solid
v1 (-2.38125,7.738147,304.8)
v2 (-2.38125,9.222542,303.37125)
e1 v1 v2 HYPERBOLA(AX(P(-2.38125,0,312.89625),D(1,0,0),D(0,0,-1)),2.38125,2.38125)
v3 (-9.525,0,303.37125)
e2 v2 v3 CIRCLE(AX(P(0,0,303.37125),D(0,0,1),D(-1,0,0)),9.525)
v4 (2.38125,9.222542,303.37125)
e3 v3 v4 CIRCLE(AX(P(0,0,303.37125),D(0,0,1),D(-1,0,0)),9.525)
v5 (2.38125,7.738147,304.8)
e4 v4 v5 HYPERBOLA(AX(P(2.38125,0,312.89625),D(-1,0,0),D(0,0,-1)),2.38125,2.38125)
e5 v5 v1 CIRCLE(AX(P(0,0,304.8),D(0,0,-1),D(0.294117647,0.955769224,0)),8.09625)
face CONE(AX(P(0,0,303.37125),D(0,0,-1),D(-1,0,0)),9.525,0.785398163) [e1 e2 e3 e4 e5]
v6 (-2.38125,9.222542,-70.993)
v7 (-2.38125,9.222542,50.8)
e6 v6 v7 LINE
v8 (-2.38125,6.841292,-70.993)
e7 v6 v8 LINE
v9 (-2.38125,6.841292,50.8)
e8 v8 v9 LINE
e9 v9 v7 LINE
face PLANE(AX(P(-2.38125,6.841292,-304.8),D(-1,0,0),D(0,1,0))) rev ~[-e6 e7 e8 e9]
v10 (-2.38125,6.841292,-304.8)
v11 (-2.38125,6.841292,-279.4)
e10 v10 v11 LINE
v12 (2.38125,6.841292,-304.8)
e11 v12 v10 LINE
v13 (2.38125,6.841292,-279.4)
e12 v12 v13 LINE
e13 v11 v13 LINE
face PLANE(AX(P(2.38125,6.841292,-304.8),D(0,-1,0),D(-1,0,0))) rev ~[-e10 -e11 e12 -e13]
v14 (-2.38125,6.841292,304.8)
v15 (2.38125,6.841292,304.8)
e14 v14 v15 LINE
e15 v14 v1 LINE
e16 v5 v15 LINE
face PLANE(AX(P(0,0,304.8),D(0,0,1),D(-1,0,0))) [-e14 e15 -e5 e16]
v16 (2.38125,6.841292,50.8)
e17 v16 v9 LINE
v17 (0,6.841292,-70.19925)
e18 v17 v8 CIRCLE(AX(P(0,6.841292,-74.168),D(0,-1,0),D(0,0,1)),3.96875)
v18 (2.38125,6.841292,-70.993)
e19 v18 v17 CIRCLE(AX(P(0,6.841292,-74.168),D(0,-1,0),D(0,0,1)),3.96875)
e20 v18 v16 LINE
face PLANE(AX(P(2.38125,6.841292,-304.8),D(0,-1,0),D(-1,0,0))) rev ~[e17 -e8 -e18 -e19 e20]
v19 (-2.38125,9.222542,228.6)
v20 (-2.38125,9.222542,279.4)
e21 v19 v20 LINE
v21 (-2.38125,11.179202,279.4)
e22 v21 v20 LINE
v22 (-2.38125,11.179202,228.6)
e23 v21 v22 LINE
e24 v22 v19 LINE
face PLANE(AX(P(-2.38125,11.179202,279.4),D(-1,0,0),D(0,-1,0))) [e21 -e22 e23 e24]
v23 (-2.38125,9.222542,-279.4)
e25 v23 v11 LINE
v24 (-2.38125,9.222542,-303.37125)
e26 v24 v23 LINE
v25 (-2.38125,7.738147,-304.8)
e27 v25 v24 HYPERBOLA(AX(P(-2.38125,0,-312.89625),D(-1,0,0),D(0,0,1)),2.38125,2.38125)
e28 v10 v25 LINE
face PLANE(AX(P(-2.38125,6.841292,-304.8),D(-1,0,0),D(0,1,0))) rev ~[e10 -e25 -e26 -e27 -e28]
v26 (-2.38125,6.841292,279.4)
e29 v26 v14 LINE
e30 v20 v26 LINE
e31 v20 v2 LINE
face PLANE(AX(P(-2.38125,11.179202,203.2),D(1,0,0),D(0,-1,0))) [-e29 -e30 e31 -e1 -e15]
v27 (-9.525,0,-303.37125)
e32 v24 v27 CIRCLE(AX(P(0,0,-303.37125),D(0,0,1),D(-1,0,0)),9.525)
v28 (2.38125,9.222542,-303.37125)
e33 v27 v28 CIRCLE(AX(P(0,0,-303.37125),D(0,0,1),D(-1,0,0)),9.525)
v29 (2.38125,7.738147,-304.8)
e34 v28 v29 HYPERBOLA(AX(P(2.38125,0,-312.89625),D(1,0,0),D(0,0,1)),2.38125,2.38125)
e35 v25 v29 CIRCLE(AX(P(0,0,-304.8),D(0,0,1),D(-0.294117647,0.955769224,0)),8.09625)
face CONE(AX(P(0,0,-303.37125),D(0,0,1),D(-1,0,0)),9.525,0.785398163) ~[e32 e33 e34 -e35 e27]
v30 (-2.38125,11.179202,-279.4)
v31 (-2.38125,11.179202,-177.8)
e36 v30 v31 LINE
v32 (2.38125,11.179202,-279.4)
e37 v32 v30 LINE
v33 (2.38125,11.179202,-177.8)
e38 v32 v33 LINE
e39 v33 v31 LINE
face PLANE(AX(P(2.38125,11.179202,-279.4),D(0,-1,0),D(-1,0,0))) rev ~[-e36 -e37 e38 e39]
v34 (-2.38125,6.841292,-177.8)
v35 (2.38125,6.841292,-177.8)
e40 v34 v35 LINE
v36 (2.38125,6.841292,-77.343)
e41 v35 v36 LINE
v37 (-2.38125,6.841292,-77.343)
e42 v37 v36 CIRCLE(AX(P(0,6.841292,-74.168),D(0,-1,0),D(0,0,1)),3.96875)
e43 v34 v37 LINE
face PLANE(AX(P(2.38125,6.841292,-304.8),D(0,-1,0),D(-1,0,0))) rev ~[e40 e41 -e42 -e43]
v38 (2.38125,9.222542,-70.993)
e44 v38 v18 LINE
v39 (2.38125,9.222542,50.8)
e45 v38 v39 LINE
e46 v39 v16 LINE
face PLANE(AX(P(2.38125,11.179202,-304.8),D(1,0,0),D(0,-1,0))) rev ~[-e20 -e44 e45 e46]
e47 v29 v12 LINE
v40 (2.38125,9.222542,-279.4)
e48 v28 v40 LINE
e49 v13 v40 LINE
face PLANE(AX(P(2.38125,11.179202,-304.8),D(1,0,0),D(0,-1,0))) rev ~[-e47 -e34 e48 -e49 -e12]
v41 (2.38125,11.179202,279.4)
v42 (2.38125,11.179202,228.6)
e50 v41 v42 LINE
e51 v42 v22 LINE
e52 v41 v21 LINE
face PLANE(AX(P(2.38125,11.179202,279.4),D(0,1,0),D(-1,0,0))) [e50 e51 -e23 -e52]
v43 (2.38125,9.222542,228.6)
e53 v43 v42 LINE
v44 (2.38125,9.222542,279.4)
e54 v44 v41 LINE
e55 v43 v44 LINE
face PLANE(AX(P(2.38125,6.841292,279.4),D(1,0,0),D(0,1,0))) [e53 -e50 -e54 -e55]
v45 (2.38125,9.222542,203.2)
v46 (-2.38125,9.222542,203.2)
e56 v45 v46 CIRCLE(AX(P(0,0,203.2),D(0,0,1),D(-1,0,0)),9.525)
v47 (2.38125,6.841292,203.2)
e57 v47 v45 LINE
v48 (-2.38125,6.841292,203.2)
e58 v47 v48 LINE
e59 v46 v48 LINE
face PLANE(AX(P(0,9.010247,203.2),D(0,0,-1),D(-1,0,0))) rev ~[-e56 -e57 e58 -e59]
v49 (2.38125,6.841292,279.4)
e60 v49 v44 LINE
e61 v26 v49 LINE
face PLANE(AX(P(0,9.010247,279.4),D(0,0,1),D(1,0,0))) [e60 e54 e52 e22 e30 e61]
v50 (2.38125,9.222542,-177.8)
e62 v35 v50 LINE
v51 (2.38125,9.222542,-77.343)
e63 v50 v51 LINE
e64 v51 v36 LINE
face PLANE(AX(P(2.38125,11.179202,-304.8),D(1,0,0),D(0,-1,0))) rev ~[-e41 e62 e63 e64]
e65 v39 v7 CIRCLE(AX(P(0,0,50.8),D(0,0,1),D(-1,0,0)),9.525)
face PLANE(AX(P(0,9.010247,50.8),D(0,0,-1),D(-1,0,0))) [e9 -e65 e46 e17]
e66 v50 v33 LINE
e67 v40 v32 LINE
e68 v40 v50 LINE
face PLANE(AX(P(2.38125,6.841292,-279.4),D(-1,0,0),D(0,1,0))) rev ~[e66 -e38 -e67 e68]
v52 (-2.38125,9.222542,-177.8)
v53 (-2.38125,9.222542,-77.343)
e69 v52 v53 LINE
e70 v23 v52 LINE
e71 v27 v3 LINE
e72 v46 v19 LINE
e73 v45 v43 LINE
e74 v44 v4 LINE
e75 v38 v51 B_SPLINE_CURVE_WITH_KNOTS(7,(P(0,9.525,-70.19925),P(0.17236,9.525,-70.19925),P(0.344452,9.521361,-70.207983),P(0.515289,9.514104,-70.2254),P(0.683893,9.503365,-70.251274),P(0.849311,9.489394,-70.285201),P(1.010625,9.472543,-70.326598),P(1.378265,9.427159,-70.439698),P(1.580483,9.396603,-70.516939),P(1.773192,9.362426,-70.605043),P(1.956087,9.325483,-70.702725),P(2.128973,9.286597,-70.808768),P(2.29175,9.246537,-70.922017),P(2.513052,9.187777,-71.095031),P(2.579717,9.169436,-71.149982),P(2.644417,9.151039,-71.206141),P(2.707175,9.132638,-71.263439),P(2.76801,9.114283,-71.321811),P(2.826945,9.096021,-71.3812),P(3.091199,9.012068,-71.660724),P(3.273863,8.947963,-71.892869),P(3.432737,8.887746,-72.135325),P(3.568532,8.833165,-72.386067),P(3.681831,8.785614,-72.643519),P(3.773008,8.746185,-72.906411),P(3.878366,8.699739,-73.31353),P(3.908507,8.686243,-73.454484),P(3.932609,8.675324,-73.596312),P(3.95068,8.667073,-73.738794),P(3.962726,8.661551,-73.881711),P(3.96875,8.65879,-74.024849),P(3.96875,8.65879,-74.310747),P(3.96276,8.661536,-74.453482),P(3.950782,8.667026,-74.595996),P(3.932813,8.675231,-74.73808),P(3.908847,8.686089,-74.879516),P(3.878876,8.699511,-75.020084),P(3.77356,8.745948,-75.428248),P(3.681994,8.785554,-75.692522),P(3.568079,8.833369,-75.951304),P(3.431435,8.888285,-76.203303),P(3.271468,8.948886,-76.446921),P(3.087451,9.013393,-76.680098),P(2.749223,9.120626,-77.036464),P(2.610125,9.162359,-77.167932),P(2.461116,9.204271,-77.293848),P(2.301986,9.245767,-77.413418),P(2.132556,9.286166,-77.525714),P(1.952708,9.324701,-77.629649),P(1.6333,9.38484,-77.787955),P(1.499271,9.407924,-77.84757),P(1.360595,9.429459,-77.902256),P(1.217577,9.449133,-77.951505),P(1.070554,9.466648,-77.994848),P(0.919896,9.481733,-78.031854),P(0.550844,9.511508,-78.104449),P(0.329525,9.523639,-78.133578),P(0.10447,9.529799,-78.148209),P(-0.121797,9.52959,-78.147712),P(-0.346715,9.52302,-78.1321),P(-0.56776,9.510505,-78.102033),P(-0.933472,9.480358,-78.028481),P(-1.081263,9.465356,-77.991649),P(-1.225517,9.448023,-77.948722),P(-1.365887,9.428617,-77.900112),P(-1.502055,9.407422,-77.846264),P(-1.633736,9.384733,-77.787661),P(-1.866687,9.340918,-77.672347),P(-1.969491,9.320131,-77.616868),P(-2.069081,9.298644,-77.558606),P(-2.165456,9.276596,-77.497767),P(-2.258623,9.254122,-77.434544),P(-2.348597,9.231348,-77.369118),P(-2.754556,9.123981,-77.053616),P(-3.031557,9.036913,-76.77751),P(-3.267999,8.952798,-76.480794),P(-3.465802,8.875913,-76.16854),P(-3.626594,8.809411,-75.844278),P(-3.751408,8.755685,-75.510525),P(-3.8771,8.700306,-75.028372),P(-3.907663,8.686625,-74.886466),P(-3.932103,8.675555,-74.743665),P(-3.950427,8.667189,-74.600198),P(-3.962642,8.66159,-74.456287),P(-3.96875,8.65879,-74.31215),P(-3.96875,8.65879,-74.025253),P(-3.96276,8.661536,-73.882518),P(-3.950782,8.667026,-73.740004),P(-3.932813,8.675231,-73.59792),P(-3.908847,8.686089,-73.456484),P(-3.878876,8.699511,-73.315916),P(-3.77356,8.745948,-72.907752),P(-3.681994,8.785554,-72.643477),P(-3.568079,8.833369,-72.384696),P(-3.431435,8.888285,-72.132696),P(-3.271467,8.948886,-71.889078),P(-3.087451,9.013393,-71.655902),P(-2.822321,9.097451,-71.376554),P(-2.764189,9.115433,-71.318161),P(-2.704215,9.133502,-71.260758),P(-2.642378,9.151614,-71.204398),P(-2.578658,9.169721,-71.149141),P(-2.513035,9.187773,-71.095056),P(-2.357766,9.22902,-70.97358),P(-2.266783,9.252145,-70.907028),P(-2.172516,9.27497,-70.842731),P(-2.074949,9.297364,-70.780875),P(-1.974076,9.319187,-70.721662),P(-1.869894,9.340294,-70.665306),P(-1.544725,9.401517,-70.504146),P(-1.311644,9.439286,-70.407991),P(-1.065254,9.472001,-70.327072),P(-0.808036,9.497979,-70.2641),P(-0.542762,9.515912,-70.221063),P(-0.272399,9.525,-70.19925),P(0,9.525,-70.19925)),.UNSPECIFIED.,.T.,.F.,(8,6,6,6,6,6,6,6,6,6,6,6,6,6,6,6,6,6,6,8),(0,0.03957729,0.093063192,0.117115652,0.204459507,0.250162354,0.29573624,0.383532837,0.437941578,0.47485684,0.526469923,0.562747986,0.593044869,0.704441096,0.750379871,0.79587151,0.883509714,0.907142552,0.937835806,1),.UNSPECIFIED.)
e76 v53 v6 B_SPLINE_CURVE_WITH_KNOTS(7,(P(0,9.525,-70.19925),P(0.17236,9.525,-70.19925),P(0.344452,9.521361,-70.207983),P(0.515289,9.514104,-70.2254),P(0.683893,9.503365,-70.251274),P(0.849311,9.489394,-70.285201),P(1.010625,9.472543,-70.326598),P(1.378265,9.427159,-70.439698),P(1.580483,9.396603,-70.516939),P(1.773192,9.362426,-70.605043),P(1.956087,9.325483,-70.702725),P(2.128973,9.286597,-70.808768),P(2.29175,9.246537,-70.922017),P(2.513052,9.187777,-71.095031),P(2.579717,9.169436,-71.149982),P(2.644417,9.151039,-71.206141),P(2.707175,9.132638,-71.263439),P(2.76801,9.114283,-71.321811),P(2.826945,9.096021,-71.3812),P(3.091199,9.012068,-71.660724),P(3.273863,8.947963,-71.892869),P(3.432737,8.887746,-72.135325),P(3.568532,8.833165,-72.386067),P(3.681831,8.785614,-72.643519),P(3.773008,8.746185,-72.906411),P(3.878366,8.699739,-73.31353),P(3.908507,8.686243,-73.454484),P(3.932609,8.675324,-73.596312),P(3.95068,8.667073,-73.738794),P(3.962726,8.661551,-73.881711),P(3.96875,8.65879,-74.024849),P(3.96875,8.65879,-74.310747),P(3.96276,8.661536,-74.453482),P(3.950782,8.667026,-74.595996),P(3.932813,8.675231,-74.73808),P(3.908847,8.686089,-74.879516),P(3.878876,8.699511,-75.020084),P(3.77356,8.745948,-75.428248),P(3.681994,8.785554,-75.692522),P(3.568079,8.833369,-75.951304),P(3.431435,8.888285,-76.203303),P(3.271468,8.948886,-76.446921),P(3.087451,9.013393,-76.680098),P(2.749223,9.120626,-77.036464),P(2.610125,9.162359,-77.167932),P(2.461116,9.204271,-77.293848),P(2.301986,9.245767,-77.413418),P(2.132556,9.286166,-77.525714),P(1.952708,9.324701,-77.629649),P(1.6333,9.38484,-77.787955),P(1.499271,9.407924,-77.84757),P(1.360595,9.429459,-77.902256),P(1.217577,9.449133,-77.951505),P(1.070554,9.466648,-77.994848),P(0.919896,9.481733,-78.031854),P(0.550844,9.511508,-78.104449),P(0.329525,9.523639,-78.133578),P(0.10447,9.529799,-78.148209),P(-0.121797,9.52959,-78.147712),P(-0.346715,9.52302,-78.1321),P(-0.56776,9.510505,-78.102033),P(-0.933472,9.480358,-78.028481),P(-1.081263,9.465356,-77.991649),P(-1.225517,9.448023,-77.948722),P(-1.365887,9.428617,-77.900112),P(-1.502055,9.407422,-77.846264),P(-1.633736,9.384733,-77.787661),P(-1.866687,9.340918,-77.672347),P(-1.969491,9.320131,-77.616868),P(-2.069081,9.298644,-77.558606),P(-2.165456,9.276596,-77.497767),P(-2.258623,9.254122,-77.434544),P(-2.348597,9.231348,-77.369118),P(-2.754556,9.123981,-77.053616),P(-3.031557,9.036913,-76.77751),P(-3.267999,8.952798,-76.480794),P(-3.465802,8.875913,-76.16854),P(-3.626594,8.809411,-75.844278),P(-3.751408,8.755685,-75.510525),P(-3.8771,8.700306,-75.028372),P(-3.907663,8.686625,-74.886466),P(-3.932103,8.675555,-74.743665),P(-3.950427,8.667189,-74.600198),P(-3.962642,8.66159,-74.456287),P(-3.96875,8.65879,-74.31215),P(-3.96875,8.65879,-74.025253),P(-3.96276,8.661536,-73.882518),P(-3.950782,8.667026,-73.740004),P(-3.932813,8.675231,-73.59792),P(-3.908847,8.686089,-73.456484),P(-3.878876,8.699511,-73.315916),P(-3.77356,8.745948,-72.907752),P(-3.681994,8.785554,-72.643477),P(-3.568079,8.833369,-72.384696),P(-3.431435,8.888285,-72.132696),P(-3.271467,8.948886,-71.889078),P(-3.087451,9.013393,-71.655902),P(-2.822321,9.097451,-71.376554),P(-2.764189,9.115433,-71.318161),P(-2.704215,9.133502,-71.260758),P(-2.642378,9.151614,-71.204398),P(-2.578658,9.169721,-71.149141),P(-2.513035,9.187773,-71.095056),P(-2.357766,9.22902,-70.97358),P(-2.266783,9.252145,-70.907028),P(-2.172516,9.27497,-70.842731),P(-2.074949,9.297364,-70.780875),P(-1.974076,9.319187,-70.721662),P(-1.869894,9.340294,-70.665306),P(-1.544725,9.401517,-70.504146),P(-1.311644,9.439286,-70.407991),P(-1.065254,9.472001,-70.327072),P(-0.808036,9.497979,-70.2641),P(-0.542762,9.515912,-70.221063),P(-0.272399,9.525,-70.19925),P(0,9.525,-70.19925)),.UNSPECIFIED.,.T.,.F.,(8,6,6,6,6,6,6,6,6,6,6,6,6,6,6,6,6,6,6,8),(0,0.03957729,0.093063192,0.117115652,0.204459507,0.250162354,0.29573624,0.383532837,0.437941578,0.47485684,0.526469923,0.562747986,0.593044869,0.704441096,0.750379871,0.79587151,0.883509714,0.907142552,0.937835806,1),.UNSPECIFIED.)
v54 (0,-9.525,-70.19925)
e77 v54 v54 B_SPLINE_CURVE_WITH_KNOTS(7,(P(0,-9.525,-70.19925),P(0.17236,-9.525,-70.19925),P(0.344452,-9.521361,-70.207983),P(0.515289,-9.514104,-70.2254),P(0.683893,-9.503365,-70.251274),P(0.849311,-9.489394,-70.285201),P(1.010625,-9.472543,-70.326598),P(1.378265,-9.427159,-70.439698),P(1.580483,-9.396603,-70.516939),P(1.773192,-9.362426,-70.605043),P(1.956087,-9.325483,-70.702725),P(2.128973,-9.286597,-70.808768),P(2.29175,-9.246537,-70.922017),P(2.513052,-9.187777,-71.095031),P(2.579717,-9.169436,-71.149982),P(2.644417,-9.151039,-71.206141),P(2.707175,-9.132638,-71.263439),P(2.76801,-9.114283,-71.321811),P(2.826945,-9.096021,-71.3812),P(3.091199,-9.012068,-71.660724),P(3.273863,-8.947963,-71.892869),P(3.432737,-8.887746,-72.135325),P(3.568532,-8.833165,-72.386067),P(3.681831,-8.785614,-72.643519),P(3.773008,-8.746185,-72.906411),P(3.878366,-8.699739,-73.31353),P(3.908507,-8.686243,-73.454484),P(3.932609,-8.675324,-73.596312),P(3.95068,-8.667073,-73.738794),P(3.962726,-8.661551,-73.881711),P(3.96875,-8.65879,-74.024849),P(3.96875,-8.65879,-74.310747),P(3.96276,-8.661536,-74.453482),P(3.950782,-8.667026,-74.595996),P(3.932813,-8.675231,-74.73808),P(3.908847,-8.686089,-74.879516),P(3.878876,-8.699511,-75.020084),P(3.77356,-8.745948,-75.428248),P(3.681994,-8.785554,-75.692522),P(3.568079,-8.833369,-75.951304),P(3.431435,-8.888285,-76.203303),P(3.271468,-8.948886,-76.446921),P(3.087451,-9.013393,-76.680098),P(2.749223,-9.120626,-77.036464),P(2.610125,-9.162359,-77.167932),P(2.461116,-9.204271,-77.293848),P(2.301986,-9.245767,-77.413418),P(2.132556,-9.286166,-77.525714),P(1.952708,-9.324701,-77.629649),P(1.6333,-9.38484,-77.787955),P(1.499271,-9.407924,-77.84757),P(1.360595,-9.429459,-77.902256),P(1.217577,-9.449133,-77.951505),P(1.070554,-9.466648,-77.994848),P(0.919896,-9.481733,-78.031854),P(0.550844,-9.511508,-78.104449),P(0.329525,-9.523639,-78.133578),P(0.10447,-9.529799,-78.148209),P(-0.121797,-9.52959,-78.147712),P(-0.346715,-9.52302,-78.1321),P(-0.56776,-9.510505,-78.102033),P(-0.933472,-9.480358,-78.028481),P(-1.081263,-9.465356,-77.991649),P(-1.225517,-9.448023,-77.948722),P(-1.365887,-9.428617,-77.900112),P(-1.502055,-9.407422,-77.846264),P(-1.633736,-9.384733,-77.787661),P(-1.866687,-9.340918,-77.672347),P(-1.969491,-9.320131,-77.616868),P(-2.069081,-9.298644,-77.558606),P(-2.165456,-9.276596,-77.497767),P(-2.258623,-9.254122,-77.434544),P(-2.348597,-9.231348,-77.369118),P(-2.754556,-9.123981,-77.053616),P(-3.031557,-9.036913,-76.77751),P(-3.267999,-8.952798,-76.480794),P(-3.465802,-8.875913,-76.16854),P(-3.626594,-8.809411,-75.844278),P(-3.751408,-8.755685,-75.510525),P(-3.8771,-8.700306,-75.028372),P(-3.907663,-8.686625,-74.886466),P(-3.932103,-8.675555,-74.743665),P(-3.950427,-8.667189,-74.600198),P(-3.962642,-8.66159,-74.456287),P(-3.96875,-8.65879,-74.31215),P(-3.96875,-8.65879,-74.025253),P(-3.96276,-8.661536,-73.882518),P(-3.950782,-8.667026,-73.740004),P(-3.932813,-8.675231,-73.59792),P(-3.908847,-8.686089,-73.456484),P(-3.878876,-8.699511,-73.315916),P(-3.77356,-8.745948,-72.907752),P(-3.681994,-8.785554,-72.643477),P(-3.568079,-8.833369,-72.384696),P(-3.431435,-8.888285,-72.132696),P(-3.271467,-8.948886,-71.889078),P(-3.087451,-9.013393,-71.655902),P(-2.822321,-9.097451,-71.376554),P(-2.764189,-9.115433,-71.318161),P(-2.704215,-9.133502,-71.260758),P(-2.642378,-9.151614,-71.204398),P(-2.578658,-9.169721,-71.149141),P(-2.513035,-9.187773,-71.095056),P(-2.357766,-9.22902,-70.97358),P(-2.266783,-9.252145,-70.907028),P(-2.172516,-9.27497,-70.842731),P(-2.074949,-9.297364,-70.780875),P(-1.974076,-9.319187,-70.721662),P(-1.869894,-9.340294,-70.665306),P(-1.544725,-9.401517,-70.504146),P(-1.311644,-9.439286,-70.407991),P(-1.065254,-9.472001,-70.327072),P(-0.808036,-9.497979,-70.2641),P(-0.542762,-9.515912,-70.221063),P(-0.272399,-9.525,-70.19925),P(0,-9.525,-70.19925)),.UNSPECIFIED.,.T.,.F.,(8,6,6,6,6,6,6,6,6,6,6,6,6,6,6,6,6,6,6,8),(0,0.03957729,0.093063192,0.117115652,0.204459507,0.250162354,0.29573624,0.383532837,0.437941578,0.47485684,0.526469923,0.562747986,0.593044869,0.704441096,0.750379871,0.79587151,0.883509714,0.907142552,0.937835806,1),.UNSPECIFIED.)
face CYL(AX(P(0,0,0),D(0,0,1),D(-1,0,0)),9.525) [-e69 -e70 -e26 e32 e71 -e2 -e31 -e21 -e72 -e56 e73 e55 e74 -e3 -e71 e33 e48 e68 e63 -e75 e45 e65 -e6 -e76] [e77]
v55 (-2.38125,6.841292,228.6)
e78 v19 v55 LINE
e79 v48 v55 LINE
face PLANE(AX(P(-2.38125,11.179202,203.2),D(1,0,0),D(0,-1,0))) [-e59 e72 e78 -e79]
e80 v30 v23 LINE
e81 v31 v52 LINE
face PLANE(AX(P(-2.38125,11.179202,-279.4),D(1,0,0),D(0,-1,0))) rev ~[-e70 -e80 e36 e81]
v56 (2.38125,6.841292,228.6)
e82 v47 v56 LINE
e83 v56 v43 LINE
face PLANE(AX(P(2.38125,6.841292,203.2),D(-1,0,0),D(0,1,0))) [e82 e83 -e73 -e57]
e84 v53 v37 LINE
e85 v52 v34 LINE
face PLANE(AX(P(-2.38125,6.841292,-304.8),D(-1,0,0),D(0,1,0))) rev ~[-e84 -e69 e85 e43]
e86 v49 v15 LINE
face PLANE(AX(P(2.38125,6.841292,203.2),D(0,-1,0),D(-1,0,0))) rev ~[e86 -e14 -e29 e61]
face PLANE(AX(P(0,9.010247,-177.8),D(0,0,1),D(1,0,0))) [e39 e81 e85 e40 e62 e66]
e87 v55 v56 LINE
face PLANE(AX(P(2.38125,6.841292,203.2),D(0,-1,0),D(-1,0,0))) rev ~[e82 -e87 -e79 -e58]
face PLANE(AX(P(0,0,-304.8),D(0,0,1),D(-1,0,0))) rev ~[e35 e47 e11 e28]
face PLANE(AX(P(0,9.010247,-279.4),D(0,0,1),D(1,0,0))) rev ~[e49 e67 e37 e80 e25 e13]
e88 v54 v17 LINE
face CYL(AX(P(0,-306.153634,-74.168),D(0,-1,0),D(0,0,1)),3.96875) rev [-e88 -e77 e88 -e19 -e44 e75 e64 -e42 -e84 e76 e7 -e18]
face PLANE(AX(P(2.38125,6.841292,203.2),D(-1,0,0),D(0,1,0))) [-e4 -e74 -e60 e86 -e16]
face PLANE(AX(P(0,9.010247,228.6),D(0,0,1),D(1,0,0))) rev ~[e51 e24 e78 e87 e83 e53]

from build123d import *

# Parameters (mm, degrees)
SKETCH3_R               = 9.525
BOSS_EXTRUDE1_DEPTH     = 304.8
CHAMFER1_SIZE           = 1.42875
CUT_EXTRUDE1_START      = -101.6
CUT_EXTRUDE1_DEPTH      = 101.600004
CUT_EXTRUDE2_DEPTH      = 355.6
BOSS_EXTRUDE2_DEPTH     = 50.8
BOSS_EXTRUDE3_DEPTH     = 101.6
CUT_EXTRUDE3_DEPTH      = 306.153633722
CUT_EXTRUDE3_DEPTH_BACK = 306.153633722
SKETCH9_R               = 3.96875


with BuildPart() as part:
    # Sketch3 → Boss-Extrude1 (new, symmetric)
    with BuildSketch(Plane.XY):
        with Locations(Location((0, 0, 0), (0, 0, 180))):
            Circle(SKETCH3_R)
    extrude(amount=BOSS_EXTRUDE1_DEPTH, both=True)

    # Chamfer1
    chamfer1_edges = [part.edges().sort_by_distance(p)[0] for p in [
        (9.525, 0, -304.8),
        (9.525, 0, 304.8),
    ]]
    chamfer(chamfer1_edges, length=CHAMFER1_SIZE)

    # Sketch5 → Cut-Extrude1 (cut)
    with BuildSketch(Plane.XY.offset(304.8).offset(CUT_EXTRUDE1_START)):
        Polygon((-2.38125, 11.179201601), (2.38125, 11.179201601), (2.38125, 9.222541593), (2.38125, 6.841291593), (-2.38125, 6.841291593), (-2.38125, 9.222541593), align=None)
    extrude(amount=CUT_EXTRUDE1_DEPTH, mode=Mode.SUBTRACT)

    # Sketch6 → Cut-Extrude2 (cut)
    with BuildSketch(Plane(origin=(0, 0, -304.8), x_dir=(-1, 0, 0), z_dir=(0, 0, -1))):
        Polygon((2.38125, 11.179201601), (-2.38125, 11.179201601), (-2.38125, 9.222541593), (-2.38125, 6.841291593), (2.38125, 6.841291593), (2.38125, 9.222541593), align=None)
    extrude(amount=-CUT_EXTRUDE2_DEPTH, mode=Mode.SUBTRACT)

    # Sketch7 → Boss-Extrude2 (add)
    with BuildSketch(Plane.XY.offset(279.4)):
        Polygon((-2.38125, 11.179201601), (-2.38125, 9.222541593), (-2.38125, 6.841291593), (2.38125, 6.841291593), (2.38125, 9.222541593), (2.38125, 11.179201601), align=None)
    extrude(amount=-BOSS_EXTRUDE2_DEPTH)

    # Sketch8 → Boss-Extrude3 (add)
    with BuildSketch(Plane.XY.offset(-279.4)):
        Polygon((-2.38125, 11.179201601), (-2.38125, 9.222541593), (-2.38125, 6.841291593), (2.38125, 6.841291593), (2.38125, 9.222541593), (2.38125, 11.179201601), align=None)
    extrude(amount=BOSS_EXTRUDE3_DEPTH)

    # Sketch9 → Cut-Extrude3 (cut, two sides: drawn at the far end of the back side and taken through both)
    with BuildSketch(Plane(origin=(0, 0, 0), x_dir=(1, 0, 0), z_dir=(0, 1, 0)).offset(-CUT_EXTRUDE3_DEPTH_BACK)):
        with Locations(Location((0, 74.168, 0), (0, 0, 270))):
            Circle(SKETCH9_R)
    extrude(amount=CUT_EXTRUDE3_DEPTH + CUT_EXTRUDE3_DEPTH_BACK, mode=Mode.SUBTRACT)


solid = part.part
